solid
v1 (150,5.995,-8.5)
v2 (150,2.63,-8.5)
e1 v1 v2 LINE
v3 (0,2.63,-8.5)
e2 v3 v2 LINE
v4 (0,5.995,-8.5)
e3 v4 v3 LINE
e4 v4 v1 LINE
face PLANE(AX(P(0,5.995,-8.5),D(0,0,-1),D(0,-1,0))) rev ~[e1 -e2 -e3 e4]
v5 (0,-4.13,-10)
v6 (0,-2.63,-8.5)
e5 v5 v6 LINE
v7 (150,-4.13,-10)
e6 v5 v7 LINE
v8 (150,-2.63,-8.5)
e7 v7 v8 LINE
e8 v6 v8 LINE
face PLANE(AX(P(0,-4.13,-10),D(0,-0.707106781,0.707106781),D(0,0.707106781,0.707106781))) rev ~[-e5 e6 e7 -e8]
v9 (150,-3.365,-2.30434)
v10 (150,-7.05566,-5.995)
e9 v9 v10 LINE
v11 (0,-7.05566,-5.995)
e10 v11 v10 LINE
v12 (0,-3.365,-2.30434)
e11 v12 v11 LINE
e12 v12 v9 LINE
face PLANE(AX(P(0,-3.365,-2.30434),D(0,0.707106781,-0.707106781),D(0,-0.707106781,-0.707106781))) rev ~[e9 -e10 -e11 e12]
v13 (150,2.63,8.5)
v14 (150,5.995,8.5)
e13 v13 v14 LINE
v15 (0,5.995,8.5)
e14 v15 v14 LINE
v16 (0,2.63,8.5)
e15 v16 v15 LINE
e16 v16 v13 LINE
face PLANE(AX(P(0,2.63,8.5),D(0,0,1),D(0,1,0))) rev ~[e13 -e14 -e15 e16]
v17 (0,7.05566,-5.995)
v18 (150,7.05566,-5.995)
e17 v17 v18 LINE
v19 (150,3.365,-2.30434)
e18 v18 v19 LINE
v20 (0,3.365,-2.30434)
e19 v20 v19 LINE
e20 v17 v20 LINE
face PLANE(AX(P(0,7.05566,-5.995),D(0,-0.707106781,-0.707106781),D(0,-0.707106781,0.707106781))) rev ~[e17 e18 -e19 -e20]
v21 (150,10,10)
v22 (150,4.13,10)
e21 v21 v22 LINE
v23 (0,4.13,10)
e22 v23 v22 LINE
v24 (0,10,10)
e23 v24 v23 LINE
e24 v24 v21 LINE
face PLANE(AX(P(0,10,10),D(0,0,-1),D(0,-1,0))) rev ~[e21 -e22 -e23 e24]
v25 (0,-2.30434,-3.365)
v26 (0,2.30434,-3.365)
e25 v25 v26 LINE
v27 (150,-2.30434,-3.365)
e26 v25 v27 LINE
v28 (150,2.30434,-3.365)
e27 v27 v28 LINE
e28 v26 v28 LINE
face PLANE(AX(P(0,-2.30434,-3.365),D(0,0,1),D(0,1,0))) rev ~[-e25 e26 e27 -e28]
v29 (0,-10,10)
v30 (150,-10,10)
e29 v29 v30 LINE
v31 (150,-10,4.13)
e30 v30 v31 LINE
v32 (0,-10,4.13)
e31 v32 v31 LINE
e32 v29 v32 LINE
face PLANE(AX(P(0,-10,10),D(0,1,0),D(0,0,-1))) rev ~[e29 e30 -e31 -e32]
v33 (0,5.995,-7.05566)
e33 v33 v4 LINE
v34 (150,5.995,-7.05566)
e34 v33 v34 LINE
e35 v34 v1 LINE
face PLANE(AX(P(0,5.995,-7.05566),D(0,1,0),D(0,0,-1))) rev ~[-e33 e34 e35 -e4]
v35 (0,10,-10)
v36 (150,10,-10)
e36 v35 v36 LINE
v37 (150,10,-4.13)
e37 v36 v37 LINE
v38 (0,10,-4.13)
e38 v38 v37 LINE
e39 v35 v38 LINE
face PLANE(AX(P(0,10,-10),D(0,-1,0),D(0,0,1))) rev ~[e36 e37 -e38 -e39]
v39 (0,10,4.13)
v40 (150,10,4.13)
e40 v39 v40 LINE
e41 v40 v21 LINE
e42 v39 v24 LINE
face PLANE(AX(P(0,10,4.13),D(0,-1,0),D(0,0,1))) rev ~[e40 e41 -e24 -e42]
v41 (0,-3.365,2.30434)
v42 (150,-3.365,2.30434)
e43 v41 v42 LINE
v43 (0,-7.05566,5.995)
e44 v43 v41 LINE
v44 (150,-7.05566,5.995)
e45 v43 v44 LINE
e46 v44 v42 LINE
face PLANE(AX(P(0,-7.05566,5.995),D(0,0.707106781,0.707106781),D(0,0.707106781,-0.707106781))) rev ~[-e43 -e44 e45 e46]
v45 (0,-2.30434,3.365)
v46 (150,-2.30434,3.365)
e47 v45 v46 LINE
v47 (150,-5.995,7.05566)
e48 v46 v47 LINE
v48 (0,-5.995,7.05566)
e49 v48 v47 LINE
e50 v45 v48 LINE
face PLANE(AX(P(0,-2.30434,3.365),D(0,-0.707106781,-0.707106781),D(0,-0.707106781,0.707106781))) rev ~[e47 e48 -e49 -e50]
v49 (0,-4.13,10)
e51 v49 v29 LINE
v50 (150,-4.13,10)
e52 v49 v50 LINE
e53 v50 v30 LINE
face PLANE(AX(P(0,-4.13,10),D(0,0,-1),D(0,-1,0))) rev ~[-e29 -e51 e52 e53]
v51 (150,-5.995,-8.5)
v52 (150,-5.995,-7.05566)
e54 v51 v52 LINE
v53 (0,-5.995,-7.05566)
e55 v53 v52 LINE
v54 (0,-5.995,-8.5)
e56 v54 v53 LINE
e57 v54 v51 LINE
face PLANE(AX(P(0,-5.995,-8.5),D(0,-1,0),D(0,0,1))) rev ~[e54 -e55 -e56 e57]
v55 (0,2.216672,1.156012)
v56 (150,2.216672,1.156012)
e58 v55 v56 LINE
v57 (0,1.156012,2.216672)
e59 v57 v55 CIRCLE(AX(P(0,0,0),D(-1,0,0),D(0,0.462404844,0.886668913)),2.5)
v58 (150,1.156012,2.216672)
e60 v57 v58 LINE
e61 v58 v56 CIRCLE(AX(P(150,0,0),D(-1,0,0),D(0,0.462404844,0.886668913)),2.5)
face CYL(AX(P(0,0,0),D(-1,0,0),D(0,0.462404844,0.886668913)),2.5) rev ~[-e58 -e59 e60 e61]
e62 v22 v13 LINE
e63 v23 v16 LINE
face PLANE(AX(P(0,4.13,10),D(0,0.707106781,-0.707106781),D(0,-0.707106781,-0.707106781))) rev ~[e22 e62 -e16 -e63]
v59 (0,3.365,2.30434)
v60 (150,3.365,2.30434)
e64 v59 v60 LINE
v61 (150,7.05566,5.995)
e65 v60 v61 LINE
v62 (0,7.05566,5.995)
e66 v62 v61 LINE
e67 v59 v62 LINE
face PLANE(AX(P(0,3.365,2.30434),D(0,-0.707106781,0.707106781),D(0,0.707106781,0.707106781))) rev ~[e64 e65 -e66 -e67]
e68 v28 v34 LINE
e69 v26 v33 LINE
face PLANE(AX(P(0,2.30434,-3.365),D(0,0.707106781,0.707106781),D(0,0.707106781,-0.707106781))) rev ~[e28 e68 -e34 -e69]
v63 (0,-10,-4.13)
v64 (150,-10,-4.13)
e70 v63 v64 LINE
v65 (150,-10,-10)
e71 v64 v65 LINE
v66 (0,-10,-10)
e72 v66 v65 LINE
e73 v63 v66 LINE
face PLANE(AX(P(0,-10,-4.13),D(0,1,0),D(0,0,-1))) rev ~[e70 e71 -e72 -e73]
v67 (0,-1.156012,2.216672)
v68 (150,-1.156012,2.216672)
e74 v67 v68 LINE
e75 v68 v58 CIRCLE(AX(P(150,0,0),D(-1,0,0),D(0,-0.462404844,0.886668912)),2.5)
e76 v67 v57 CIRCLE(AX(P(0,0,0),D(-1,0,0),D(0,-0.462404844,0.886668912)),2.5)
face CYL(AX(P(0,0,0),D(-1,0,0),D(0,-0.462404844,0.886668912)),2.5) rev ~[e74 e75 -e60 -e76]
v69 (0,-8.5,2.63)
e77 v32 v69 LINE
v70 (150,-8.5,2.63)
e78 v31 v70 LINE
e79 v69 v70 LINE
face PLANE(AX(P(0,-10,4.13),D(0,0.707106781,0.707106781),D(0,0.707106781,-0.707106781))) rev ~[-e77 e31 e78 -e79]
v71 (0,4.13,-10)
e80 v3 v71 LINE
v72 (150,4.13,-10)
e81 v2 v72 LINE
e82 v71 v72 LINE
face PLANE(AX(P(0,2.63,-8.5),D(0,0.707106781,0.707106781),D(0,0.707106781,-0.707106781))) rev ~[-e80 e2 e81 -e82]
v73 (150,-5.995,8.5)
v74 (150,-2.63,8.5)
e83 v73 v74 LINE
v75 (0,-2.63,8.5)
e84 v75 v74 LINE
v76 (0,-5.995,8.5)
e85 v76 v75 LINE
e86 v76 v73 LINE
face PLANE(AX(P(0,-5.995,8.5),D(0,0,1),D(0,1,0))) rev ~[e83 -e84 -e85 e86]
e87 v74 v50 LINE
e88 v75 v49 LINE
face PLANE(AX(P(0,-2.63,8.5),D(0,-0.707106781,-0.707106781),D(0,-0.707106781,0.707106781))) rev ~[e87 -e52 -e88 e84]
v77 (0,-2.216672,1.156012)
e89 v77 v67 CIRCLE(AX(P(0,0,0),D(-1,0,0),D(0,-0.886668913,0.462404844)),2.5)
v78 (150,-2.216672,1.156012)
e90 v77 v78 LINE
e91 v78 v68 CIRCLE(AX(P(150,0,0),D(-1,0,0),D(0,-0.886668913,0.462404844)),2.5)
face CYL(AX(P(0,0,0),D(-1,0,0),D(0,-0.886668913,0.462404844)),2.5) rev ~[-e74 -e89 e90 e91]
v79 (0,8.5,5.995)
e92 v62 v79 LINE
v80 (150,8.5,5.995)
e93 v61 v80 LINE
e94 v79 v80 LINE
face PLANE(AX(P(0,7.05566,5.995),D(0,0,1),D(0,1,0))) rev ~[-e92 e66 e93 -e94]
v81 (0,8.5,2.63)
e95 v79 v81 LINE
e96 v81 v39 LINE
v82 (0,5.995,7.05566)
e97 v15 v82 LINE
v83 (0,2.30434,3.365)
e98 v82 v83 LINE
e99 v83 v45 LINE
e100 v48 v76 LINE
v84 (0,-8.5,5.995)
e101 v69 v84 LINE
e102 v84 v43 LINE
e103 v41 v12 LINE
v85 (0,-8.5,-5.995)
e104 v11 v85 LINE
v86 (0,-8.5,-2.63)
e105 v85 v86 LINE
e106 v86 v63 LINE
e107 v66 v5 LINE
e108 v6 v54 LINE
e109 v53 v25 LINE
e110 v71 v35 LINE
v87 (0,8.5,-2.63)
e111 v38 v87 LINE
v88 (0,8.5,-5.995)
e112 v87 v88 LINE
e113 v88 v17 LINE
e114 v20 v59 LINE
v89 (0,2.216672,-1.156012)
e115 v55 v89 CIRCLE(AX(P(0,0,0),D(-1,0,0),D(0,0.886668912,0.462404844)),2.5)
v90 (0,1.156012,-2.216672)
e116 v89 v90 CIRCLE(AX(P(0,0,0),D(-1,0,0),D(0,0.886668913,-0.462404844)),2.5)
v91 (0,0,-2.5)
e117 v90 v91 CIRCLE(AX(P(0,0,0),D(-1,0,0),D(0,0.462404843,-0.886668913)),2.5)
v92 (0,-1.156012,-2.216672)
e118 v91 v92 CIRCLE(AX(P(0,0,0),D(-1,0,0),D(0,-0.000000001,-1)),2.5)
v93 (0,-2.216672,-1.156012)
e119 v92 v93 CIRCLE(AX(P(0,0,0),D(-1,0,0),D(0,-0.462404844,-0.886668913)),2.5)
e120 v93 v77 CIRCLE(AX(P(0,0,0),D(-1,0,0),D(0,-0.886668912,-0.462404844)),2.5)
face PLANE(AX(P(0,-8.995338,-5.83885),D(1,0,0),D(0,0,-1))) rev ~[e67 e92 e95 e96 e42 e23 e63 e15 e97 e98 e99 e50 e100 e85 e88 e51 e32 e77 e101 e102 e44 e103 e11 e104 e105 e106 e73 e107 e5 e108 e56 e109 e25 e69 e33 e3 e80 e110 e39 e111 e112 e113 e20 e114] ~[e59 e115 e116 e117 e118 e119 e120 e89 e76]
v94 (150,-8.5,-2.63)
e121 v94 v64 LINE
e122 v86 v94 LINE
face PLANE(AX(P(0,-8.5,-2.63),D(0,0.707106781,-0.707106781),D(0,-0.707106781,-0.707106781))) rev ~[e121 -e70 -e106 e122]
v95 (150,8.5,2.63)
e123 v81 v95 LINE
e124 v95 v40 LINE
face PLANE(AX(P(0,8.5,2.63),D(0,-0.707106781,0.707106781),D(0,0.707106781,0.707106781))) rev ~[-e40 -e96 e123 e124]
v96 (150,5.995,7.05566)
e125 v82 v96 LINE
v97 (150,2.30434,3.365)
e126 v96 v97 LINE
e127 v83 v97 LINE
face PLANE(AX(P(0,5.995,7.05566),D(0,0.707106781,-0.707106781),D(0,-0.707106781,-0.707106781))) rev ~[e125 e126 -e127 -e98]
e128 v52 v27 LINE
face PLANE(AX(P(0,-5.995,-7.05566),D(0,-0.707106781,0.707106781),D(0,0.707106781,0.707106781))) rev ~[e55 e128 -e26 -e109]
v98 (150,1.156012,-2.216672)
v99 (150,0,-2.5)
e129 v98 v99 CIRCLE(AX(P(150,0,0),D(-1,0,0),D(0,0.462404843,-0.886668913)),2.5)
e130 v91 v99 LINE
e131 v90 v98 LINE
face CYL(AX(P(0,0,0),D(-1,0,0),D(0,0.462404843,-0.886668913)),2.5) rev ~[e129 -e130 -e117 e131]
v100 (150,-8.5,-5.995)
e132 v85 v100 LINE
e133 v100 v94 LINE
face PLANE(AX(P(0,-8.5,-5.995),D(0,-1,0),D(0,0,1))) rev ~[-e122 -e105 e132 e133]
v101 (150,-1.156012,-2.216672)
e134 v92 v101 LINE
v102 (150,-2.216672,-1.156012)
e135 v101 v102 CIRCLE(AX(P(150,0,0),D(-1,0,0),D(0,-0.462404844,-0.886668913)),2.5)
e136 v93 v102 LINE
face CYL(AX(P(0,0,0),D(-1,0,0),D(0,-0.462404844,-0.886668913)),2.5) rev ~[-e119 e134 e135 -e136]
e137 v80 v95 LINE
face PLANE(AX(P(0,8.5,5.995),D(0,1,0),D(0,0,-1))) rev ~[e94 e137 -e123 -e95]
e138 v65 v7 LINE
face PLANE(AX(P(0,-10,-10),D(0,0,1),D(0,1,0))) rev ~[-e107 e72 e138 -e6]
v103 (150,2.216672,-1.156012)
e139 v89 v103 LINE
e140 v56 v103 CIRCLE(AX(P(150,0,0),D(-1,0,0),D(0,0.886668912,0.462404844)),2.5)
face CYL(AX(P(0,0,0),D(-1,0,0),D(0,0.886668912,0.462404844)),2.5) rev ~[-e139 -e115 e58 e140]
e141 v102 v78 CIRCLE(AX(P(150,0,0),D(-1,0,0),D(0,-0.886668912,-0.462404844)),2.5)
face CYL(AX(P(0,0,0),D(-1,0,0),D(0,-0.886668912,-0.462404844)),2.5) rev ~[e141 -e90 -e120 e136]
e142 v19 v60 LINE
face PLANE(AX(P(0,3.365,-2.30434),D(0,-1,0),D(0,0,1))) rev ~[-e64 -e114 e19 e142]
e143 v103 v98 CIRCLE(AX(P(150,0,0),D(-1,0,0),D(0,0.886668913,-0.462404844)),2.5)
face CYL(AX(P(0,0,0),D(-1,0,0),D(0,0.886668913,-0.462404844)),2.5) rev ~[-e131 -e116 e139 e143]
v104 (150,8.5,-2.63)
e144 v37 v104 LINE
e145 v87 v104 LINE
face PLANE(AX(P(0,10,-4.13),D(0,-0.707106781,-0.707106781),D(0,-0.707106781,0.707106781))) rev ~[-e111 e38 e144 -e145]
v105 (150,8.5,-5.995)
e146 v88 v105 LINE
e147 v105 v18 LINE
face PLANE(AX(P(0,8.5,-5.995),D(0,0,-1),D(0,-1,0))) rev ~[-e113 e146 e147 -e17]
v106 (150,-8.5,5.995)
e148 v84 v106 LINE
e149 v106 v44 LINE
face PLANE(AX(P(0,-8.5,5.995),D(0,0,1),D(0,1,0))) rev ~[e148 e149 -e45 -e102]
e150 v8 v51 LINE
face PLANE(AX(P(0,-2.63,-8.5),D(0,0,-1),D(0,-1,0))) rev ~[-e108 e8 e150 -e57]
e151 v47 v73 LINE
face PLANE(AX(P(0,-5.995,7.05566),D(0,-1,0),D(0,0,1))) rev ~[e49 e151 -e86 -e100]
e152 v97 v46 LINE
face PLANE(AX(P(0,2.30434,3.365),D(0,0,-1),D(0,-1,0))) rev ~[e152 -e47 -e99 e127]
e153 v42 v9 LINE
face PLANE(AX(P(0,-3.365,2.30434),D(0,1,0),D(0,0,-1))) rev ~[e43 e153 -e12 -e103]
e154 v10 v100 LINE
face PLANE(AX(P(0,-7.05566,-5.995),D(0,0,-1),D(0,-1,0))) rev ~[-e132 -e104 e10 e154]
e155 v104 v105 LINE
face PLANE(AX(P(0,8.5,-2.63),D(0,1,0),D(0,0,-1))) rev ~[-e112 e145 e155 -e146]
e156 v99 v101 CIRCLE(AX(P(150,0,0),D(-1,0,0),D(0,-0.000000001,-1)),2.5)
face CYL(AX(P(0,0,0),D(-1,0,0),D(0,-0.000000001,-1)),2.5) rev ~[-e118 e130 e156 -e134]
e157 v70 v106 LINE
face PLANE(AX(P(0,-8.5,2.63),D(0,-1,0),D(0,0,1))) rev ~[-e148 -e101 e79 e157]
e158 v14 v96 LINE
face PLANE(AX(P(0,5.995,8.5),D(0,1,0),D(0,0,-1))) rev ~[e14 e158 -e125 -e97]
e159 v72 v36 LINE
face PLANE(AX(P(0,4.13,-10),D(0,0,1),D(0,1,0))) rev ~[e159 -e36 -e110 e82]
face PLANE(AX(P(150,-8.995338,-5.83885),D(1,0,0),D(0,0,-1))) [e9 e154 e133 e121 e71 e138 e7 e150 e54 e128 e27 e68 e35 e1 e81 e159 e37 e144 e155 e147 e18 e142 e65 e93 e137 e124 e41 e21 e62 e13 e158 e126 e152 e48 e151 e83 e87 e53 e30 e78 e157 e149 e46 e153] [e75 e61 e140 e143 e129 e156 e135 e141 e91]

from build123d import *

# Parameters (mm, degrees)
BOSS_EXTRUDE1_DEPTH = 150


with BuildPart() as part:
    # Sketch1 → Boss-Extrude1 (new body)
    with BuildSketch(Plane(origin=(0, 0, 0), x_dir=(0, 0, -1), z_dir=(1, 0, 0))):
        Polygon((8.939339828, -10), (5.995, -7.055660172), (5.995, -8.5), (2.63, -8.5), (4.13, -10), align=None)
        Polygon((8.5, -5.995), (7.055660172, -5.995), (10, -8.939339828), (10, -4.13), (8.5, -2.63), align=None)
        Polygon((7.055660172, -5.995), (3.365, -2.304339828), (3.365, -3.365), (2.304339828, -3.365), (5.995, -7.055660172), (8.939339828, -10), (10, -10), (10, -8.939339828), align=None)
        with BuildLine():
            Line((3.365, -3.365), (3.365, -2.304339828))
            Line((3.365, -2.304339828), (2.216672281, -1.15601211))
            ThreePointArc((2.216672281, -1.15601211), (1.767766953, -1.767766953), (1.15601211, -2.216672281))
            Line((1.15601211, -2.216672281), (2.304339828, -3.365))
            Line((2.304339828, -3.365), (3.365, -3.365))
        make_face()
        with BuildLine():
            Line((3.365, -2.304339828), (3.365, 2.304339828))
            Line((3.365, 2.304339828), (2.216672281, 1.15601211))
            ThreePointArc((2.216672281, 1.15601211), (2.428135159, 0.595113139), (2.5, 0))
            ThreePointArc((2.5, 0), (2.428135159, -0.595113139), (2.216672281, -1.15601211))
            Line((2.216672281, -1.15601211), (3.365, -2.304339828))
        make_face()
        with BuildLine():
            Line((2.216672281, 1.15601211), (3.365, 2.304339828))
            Line((3.365, 2.304339828), (3.365, 3.365))
            Line((3.365, 3.365), (2.304339828, 3.365))
            Line((2.304339828, 3.365), (1.15601211, 2.216672281))
            ThreePointArc((1.15601211, 2.216672281), (1.767766953, 1.767766953), (2.216672281, 1.15601211))
        make_face()
        with BuildLine():
            ThreePointArc((-1.15601211, 2.216672281), (0, 2.5), (1.15601211, 2.216672281))
            Line((1.15601211, 2.216672281), (2.304339828, 3.365))
            Line((2.304339828, 3.365), (-2.304339828, 3.365))
            Line((-2.304339828, 3.365), (-1.15601211, 2.216672281))
        make_face()
        with BuildLine():
            ThreePointArc((-2.216672281, 1.15601211), (-1.767766953, 1.767766953), (-1.15601211, 2.216672281))
            Line((-1.15601211, 2.216672281), (-2.304339828, 3.365))
            Line((-2.304339828, 3.365), (-3.365, 3.365))
            Line((-3.365, 3.365), (-3.365, 2.304339828))
            Line((-3.365, 2.304339828), (-2.216672281, 1.15601211))
        make_face()
        with BuildLine():
            ThreePointArc((-2.216672281, -1.15601211), (-2.5, 0), (-2.216672281, 1.15601211))
            Line((-2.216672281, 1.15601211), (-3.365, 2.304339828))
            Line((-3.365, 2.304339828), (-3.365, -2.304339828))
            Line((-3.365, -2.304339828), (-2.216672281, -1.15601211))
        make_face()
        with BuildLine():
            Line((-2.304339828, -3.365), (-1.15601211, -2.216672281))
            ThreePointArc((-1.15601211, -2.216672281), (-1.767766953, -1.767766953), (-2.216672281, -1.15601211))
            Line((-2.216672281, -1.15601211), (-3.365, -2.304339828))
            Line((-3.365, -2.304339828), (-3.365, -3.365))
            Line((-3.365, -3.365), (-2.304339828, -3.365))
        make_face()
        with BuildLine():
            Line((-2.304339828, -3.365), (2.304339828, -3.365))
            Line((2.304339828, -3.365), (1.15601211, -2.216672281))
            ThreePointArc((1.15601211, -2.216672281), (0, -2.5), (-1.15601211, -2.216672281))
            Line((-1.15601211, -2.216672281), (-2.304339828, -3.365))
        make_face()
        Polygon((10, 4.13), (10, 8.939339828), (7.055660172, 5.995), (8.5, 5.995), (8.5, 2.63), align=None)
        Polygon((7.055660172, 5.995), (10, 8.939339828), (10, 10), (8.939339828, 10), (5.995, 7.055660172), (2.304339828, 3.365), (3.365, 3.365), (3.365, 2.304339828), align=None)
        Polygon((5.995, 7.055660172), (8.939339828, 10), (4.13, 10), (2.63, 8.5), (5.995, 8.5), align=None)
        Polygon((-8.939339828, 10), (-5.995, 7.055660172), (-5.995, 8.5), (-2.63, 8.5), (-4.13, 10), align=None)
        Polygon((-3.365, 3.365), (-2.304339828, 3.365), (-5.995, 7.055660172), (-8.939339828, 10), (-10, 10), (-10, 8.939339828), (-7.055660172, 5.995), (-3.365, 2.304339828), align=None)
        Polygon((-8.5, 5.995), (-7.055660172, 5.995), (-10, 8.939339828), (-10, 4.13), (-8.5, 2.63), align=None)
        Polygon((-10, -8.939339828), (-7.055660172, -5.995), (-8.5, -5.995), (-8.5, -2.63), (-10, -4.13), align=None)
        Polygon((-5.995, -7.055660172), (-2.304339828, -3.365), (-3.365, -3.365), (-3.365, -2.304339828), (-7.055660172, -5.995), (-10, -8.939339828), (-10, -10), (-8.939339828, -10), align=None)
        Polygon((-5.995, -8.5), (-5.995, -7.055660172), (-8.939339828, -10), (-4.13, -10), (-2.63, -8.5), align=None)
    extrude(amount=BOSS_EXTRUDE1_DEPTH)


solid = part.part
